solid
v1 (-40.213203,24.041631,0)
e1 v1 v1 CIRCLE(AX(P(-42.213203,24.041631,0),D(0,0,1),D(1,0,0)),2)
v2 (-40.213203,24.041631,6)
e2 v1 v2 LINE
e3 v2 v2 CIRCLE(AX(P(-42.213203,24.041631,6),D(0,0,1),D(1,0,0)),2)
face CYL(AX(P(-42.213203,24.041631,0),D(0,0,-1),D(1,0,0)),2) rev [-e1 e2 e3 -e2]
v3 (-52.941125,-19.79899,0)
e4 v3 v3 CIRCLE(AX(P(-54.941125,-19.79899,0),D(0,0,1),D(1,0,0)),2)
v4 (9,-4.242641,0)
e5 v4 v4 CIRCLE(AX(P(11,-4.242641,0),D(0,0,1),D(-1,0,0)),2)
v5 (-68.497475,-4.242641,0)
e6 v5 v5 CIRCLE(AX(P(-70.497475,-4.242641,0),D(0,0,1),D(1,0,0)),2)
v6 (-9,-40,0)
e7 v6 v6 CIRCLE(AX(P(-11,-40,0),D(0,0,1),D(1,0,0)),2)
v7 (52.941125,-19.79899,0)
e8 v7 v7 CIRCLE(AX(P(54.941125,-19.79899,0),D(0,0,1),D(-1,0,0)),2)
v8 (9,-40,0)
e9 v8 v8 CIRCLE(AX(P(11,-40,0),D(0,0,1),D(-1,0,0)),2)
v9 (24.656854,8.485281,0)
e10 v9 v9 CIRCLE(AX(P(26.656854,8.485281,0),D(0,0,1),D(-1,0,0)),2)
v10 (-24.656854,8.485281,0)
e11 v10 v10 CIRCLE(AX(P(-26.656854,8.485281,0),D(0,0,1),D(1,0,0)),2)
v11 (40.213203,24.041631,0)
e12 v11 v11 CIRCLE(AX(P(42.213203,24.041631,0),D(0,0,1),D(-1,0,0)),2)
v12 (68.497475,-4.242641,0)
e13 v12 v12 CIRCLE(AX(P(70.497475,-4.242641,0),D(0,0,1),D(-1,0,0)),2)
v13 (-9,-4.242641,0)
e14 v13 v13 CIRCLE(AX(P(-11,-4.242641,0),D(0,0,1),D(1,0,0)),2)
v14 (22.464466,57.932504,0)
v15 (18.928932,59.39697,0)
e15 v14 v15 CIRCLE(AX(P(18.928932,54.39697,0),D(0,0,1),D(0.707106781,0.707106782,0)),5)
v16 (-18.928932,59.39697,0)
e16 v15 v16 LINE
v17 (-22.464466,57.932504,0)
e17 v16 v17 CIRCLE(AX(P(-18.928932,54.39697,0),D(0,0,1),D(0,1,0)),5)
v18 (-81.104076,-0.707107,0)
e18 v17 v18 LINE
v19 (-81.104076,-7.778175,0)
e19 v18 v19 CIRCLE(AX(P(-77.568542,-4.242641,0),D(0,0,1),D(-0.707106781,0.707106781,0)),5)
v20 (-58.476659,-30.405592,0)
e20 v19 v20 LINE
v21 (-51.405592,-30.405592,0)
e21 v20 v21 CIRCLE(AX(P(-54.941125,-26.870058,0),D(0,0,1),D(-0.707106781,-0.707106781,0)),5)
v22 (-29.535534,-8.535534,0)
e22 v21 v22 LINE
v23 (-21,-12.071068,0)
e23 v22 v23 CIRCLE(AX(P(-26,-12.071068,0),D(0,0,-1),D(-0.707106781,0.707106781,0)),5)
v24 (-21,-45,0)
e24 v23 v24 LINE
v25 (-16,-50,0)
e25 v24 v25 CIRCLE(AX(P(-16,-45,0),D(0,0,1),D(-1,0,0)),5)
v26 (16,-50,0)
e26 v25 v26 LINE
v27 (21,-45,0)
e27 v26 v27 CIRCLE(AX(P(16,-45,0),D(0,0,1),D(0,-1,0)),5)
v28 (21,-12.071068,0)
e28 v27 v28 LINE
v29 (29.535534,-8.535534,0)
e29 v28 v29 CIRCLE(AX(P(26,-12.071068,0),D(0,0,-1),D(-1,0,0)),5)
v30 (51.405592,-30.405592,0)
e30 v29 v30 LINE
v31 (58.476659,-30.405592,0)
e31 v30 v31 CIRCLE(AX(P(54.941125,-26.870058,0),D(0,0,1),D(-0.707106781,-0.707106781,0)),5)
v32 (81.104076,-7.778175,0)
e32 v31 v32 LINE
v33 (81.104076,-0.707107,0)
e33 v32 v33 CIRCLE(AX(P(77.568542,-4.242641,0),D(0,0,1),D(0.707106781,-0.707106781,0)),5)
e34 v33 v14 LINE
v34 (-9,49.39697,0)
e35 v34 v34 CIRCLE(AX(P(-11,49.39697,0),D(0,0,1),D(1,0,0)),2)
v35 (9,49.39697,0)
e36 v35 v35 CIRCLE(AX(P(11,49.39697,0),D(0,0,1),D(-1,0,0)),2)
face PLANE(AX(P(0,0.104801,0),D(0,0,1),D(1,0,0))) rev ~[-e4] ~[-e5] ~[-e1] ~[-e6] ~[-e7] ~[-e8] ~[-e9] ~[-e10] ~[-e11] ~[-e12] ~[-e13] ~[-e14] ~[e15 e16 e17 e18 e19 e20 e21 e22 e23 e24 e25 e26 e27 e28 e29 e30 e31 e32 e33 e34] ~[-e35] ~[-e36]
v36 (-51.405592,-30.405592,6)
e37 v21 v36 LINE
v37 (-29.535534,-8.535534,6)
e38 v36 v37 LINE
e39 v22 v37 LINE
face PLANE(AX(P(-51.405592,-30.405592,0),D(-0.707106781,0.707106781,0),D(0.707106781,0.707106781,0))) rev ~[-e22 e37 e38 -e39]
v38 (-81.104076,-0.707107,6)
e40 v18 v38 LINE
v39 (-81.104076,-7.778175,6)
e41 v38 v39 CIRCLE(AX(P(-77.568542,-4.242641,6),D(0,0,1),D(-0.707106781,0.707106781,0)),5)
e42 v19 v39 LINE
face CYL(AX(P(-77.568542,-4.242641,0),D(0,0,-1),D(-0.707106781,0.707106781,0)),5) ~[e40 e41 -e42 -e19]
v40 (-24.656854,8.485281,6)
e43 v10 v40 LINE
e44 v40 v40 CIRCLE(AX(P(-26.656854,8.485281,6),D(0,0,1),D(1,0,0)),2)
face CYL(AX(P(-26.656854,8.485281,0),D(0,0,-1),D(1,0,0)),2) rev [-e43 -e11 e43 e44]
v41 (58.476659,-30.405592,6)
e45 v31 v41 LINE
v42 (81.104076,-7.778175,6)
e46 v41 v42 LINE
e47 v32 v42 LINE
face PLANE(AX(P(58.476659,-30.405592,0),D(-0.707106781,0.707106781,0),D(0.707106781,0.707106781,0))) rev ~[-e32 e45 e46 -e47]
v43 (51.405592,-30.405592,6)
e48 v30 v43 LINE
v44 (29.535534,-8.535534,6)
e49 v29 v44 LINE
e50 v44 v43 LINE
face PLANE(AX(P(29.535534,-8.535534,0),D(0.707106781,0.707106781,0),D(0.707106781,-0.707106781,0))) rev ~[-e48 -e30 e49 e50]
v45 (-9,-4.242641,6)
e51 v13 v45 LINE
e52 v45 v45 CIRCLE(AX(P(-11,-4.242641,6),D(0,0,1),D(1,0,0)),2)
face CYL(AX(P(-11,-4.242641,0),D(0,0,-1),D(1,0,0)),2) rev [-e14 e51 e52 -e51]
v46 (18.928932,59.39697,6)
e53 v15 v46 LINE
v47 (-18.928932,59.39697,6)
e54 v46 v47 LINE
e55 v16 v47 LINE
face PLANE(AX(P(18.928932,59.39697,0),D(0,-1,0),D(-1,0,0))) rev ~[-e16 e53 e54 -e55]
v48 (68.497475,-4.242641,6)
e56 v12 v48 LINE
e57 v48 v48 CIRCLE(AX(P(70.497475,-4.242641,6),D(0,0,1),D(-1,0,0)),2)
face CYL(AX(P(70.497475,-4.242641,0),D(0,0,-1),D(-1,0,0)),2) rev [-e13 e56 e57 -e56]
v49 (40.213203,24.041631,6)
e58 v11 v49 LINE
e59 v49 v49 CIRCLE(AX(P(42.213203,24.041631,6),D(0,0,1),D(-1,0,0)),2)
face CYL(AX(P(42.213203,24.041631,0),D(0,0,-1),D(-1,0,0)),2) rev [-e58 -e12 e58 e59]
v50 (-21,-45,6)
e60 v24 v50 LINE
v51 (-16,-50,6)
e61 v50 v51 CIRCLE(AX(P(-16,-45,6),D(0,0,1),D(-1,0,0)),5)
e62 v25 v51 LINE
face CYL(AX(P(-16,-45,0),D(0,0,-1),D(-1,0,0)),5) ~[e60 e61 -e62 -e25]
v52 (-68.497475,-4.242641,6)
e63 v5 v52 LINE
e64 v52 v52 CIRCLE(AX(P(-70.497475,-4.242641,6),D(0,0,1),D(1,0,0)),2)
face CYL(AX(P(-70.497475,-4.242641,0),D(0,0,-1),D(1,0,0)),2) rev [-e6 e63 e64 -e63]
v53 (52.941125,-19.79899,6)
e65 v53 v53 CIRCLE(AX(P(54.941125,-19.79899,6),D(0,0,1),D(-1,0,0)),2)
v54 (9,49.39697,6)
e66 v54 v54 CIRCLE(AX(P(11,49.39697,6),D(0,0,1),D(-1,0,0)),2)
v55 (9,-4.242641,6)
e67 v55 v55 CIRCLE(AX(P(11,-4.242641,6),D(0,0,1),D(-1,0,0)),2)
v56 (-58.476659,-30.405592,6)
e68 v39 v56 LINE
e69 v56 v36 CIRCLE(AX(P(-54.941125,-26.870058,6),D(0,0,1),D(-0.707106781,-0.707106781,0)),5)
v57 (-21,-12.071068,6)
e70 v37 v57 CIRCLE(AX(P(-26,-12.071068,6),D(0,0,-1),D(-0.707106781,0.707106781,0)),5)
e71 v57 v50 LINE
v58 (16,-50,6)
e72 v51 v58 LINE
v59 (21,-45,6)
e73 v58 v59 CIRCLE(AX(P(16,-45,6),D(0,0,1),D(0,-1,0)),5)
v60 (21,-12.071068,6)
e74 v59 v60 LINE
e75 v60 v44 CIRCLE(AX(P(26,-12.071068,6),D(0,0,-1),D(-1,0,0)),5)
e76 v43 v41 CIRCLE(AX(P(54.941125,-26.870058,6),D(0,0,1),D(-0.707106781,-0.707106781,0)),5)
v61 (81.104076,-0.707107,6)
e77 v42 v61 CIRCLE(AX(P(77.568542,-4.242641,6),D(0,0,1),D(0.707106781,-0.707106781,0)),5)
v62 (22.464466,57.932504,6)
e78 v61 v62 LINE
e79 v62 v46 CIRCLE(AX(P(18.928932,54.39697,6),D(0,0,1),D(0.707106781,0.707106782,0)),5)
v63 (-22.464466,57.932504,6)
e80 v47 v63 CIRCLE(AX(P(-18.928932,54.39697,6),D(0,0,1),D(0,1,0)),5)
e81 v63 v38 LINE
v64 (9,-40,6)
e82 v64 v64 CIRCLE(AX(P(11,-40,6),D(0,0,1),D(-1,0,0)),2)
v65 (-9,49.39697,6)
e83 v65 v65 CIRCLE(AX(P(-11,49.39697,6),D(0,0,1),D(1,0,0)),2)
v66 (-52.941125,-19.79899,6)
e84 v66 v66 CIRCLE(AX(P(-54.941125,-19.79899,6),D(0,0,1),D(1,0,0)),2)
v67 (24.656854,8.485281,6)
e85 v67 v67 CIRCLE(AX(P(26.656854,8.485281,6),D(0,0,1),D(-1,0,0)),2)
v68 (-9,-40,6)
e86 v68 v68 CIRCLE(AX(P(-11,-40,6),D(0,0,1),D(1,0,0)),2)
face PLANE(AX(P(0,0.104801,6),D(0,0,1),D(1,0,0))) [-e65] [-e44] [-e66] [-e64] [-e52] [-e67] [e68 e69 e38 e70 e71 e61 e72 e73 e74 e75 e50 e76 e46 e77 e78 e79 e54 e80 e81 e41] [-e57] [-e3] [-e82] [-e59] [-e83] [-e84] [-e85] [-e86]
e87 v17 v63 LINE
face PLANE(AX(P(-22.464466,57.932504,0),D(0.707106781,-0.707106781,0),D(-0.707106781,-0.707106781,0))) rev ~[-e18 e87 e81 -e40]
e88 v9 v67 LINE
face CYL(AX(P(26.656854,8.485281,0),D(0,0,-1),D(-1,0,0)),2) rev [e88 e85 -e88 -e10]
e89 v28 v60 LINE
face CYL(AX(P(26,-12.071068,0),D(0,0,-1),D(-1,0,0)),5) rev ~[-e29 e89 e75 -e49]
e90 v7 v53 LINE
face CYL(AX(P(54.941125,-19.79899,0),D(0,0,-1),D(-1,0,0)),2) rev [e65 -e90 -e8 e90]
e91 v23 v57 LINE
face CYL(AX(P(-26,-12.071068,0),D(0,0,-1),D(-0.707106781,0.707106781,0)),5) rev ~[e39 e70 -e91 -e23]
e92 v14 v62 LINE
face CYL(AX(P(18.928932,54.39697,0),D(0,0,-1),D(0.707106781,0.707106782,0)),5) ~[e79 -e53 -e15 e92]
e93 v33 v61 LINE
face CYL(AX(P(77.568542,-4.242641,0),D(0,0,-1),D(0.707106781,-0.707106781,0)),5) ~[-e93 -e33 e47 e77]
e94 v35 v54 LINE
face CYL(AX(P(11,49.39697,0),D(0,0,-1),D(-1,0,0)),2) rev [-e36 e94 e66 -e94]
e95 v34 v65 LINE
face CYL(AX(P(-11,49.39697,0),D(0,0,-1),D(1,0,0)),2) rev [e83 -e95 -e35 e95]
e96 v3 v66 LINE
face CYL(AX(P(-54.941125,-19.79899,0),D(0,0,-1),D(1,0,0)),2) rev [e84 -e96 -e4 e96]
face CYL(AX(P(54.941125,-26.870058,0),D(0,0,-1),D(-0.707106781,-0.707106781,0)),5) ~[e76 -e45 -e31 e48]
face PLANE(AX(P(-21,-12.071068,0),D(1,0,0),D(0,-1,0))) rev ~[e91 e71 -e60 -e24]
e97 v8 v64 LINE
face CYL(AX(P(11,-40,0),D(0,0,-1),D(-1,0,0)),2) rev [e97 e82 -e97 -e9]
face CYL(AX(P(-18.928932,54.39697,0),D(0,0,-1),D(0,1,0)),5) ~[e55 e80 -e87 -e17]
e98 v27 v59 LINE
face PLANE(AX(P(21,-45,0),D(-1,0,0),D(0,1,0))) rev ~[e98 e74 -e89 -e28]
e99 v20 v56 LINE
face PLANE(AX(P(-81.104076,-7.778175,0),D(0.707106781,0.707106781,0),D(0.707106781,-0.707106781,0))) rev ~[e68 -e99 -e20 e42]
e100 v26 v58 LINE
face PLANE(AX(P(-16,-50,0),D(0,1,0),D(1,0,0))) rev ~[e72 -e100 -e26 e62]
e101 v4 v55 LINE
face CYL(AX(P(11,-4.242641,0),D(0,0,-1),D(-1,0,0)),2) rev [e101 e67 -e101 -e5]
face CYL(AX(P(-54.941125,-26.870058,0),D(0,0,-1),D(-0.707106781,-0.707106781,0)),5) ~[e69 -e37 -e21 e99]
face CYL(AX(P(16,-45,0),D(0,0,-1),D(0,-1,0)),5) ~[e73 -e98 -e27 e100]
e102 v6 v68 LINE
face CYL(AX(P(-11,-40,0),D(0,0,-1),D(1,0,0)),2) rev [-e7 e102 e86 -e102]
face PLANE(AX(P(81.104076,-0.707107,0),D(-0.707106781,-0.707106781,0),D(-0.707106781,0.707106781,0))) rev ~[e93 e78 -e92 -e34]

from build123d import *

# Parameters (mm, degrees)
SKETCH_1_R      = 2
EXTRUDE_1_DEPTH = 6


with BuildPart() as part:
    # Эскиз1 → Бобышка-Вытянуть1 (new body)
    with BuildSketch(Plane.XY):
        with BuildLine():
            Line((-16, -50), (16, -50))
            ThreePointArc((16, -50), (19.535533906, -48.535533906), (21, -45))
            Line((21, -45), (21, -12.071067812))
            ThreePointArc((21, -12.071067812), (24.086582838, -7.451670149), (29.535533906, -8.535533906))
            Line((29.535533906, -8.535533906), (51.405591591, -30.405591591))
            ThreePointArc((51.405591591, -30.405591591), (54.941125497, -31.870057685), (58.476659403, -30.405591591))
            Line((58.476659403, -30.405591591), (81.104076401, -7.778174593))
            ThreePointArc((81.104076401, -7.778174593), (82.568542495, -4.242640687), (81.104076401, -0.707106781))
            Line((81.104076401, -0.707106781), (22.464466094, 57.932503526))
            ThreePointArc((22.464466094, 57.932503526), (20.84234935, 59.016367282), (18.928932188, 59.39696962))
            Line((18.928932188, 59.39696962), (-18.928932188, 59.39696962))
            ThreePointArc((-18.928932188, 59.39696962), (-20.84234935, 59.016367282), (-22.464466094, 57.932503526))
            Line((-22.464466094, 57.932503526), (-81.104076401, -0.707106781))
            ThreePointArc((-81.104076401, -0.707106781), (-82.568542495, -4.242640687), (-81.104076401, -7.778174593))
            Line((-81.104076401, -7.778174593), (-58.476659403, -30.405591591))
            ThreePointArc((-58.476659403, -30.405591591), (-54.941125497, -31.870057685), (-51.405591591, -30.405591591))
            Line((-51.405591591, -30.405591591), (-29.535533906, -8.535533906))
            ThreePointArc((-29.535533906, -8.535533906), (-24.086582838, -7.451670149), (-21, -12.071067812))
            Line((-21, -12.071067812), (-21, -45))
            ThreePointArc((-21, -45), (-19.535533906, -48.535533906), (-16, -50))
        make_face()
        with Locations((-70.497474683, -4.242640687)):
            Circle(SKETCH_1_R, mode=Mode.SUBTRACT)
        with Locations((-54.941125497, -19.798989873)):
            Circle(SKETCH_1_R, mode=Mode.SUBTRACT)
        with Locations((-42.213203436, 24.04163056)):
            Circle(SKETCH_1_R, mode=Mode.SUBTRACT)
        with Locations((-26.656854249, 8.485281374)):
            Circle(SKETCH_1_R, mode=Mode.SUBTRACT)
        with Locations((-11, -40)):
            Circle(SKETCH_1_R, mode=Mode.SUBTRACT)
        with Locations((-11, 49.39696962)):
            Circle(SKETCH_1_R, mode=Mode.SUBTRACT)
        with Locations((-11, -4.242640687)):
            Circle(SKETCH_1_R, mode=Mode.SUBTRACT)
        with Locations(Location((11, -40, 0), (0, 0, 180))):
            Circle(SKETCH_1_R, mode=Mode.SUBTRACT)
        with Locations(Location((11, -4.242640687, 0), (0, 0, 180))):
            Circle(SKETCH_1_R, mode=Mode.SUBTRACT)
        with Locations(Location((26.656854249, 8.485281374, 0), (0, 0, 180))):
            Circle(SKETCH_1_R, mode=Mode.SUBTRACT)
        with Locations(Location((54.941125497, -19.798989873, 0), (0, 0, 180))):
            Circle(SKETCH_1_R, mode=Mode.SUBTRACT)
        with Locations(Location((70.497474683, -4.242640687, 0), (0, 0, 180))):
            Circle(SKETCH_1_R, mode=Mode.SUBTRACT)
        with Locations(Location((42.213203436, 24.04163056, 0), (0, 0, 180))):
            Circle(SKETCH_1_R, mode=Mode.SUBTRACT)
        with Locations(Location((11, 49.39696962, 0), (0, 0, 180))):
            Circle(SKETCH_1_R, mode=Mode.SUBTRACT)
    extrude(amount=EXTRUDE_1_DEPTH)


solid = part.part
